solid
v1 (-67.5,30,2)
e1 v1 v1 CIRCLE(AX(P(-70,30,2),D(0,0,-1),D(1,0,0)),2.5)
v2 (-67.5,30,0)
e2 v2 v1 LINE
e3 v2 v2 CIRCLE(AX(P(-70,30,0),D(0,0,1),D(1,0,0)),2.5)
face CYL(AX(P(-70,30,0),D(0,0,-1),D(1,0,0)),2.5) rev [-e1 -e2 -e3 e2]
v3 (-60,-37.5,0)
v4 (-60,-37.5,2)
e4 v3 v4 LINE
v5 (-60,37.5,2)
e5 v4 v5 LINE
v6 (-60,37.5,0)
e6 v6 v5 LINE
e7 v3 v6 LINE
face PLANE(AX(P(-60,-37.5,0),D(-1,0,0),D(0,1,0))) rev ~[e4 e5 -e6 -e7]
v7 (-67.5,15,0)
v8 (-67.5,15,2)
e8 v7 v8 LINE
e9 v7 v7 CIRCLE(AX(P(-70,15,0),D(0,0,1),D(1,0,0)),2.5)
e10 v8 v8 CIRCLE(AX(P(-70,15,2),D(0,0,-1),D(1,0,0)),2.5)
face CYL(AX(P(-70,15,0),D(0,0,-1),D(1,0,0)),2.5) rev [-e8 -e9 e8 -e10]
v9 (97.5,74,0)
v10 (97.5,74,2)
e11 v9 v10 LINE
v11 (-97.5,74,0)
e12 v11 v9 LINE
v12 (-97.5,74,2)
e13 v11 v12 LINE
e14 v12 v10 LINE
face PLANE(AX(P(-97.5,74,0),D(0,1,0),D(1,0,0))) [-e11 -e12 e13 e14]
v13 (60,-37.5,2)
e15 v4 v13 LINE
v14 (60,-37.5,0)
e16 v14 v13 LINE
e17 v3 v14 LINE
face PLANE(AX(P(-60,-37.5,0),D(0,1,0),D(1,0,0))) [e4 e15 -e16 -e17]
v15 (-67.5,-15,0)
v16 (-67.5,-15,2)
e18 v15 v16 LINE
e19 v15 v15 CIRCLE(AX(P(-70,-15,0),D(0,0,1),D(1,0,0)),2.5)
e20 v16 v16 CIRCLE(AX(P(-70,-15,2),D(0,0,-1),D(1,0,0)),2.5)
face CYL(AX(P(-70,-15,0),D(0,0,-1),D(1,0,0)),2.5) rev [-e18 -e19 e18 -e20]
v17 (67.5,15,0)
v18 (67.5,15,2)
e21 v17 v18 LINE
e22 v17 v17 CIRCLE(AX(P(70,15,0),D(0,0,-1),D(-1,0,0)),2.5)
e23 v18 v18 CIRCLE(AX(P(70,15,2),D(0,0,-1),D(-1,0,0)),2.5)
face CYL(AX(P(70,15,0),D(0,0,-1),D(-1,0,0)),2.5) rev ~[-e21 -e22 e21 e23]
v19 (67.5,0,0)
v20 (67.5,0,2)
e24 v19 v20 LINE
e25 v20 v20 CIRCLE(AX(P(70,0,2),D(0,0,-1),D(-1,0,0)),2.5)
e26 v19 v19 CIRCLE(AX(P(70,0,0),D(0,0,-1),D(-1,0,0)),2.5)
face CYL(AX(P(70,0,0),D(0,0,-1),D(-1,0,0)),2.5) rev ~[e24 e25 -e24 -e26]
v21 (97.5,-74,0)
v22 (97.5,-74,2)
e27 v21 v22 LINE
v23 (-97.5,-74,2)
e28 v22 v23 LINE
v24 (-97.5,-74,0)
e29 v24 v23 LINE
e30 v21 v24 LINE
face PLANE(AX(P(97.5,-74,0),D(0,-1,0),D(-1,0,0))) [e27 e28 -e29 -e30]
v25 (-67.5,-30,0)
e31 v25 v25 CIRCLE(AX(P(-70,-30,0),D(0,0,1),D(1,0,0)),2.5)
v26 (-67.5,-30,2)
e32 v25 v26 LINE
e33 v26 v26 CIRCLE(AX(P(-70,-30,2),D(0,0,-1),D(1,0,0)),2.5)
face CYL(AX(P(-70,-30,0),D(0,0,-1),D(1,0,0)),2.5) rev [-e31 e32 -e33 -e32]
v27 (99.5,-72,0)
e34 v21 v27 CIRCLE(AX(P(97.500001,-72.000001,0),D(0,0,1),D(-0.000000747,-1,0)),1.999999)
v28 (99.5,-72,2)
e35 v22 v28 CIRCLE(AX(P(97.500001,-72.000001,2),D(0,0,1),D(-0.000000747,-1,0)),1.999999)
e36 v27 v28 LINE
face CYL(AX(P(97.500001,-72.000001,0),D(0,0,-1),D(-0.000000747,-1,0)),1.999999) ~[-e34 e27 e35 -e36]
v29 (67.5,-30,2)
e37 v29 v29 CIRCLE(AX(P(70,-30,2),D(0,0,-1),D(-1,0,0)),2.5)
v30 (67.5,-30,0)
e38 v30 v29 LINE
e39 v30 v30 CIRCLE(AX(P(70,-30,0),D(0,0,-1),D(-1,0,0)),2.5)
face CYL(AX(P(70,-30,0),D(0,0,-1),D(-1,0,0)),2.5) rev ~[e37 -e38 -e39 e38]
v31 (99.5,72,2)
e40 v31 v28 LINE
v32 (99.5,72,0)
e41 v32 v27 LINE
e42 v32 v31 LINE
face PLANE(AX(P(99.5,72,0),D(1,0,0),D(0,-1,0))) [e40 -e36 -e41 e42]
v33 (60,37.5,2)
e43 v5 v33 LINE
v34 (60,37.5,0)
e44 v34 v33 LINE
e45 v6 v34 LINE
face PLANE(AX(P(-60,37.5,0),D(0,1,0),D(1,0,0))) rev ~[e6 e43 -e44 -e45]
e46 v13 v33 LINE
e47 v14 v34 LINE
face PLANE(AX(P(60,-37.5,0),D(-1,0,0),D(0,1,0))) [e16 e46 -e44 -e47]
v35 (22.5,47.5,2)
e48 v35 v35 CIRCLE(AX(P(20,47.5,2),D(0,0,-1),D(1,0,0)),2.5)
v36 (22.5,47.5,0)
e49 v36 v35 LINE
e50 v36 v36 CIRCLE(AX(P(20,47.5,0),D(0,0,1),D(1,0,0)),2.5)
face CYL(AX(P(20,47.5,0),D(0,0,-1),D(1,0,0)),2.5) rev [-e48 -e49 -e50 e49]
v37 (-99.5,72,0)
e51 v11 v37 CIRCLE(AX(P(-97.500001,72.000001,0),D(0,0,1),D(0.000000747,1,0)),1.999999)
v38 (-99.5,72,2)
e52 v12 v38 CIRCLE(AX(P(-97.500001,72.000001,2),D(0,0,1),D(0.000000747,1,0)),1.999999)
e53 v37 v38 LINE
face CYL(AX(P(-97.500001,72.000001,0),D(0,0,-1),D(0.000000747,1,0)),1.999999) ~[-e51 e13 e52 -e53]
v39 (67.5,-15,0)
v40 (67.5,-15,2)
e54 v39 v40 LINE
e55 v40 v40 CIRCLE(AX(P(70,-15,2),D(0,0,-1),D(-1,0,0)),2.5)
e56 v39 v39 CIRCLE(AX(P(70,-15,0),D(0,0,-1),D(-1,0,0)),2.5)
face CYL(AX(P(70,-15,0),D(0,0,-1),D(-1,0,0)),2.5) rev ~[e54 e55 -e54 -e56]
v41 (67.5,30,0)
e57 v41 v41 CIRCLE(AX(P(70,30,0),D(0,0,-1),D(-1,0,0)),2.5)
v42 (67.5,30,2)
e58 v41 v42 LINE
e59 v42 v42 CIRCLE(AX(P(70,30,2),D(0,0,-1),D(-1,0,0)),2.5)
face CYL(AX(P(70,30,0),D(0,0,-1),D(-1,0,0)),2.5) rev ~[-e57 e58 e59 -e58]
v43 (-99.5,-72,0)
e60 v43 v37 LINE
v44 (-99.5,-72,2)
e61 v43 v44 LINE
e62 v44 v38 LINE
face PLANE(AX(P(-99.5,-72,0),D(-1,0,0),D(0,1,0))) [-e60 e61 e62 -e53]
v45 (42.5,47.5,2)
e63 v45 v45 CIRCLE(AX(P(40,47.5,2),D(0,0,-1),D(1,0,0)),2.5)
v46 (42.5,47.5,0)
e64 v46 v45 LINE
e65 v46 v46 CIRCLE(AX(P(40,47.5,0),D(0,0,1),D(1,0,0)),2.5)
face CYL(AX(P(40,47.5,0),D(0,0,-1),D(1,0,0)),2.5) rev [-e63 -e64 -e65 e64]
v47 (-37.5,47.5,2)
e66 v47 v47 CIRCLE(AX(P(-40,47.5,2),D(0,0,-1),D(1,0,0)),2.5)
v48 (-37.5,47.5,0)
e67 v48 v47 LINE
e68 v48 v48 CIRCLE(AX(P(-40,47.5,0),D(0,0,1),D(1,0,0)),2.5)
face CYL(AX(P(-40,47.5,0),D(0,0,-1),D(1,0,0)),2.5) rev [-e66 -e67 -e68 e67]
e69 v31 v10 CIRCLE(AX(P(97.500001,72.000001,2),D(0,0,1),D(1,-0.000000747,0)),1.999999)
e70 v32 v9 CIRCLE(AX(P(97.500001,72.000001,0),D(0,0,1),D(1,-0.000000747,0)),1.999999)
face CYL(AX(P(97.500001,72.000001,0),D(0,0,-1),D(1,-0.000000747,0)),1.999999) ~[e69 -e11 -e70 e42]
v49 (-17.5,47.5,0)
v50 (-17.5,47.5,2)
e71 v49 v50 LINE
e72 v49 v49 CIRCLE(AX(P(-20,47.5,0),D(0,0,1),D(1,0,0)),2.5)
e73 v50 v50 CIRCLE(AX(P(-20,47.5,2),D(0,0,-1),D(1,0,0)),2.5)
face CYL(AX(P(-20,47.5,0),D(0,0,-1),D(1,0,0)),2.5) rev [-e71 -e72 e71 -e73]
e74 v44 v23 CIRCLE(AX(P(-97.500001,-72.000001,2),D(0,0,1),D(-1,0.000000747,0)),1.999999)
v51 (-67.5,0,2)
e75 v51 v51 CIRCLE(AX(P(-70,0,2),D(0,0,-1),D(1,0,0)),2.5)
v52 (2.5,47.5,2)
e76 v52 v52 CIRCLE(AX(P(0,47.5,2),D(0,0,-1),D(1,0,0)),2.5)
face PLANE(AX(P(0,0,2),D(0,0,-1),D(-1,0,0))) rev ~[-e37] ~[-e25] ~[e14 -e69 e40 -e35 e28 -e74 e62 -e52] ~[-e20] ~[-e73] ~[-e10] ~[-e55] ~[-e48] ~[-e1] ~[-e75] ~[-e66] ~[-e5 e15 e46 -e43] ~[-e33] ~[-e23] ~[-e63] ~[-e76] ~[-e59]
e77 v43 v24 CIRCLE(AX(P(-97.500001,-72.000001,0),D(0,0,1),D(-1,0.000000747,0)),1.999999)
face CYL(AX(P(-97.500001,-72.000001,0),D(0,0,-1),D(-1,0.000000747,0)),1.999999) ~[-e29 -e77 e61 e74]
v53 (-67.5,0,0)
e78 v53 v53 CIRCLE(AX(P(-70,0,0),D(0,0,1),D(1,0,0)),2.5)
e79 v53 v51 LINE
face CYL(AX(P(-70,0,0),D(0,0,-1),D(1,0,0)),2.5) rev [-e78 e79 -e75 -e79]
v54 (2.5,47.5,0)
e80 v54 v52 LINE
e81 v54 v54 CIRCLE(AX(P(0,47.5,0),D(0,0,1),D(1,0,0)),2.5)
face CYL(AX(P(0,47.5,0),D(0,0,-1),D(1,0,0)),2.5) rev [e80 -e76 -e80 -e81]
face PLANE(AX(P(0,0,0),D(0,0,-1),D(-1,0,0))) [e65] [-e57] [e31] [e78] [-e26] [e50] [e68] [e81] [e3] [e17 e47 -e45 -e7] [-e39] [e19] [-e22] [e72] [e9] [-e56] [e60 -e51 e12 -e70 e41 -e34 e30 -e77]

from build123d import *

# Parameters (mm, degrees)
PAD_DEPTH       = 2
SKETCH001_W     = 120
SKETCH001_H     = 75
POCKET_DEPTH    = 7
SKETCH002_R     = 2.5
POCKET001_DEPTH = 7
SKETCH003_R     = 2.5
POCKET002_DEPTH = 7


with BuildPart() as part:
    # Sketch → Pad (new body)
    with BuildSketch(Plane.XY):
        with BuildLine():
            Line((-97.5, 74), (97.5, 74))
            ThreePointArc((99.5, 72), (98.914214, 73.414214), (97.5, 74))
            Line((99.5, 72), (99.5, -72))
            ThreePointArc((97.5, -74), (98.914214, -73.414214), (99.5, -72))
            Line((97.5, -74), (-97.5, -74))
            ThreePointArc((-99.5, -72), (-98.914214, -73.414214), (-97.5, -74))
            Line((-99.5, -72), (-99.5, 72))
            ThreePointArc((-97.5, 74), (-98.914214, 73.414214), (-99.5, 72))
        make_face()
    extrude(amount=PAD_DEPTH)

    # Sketch001 → Pocket (cut)
    with BuildSketch(Plane.XY):
        Rectangle(SKETCH001_W, SKETCH001_H)
    extrude(amount=POCKET_DEPTH, mode=Mode.SUBTRACT)

    # Sketch002 → Pocket001 (cut)
    with BuildSketch(Plane.XY):
        with Locations((0, 47.5)):
            Circle(SKETCH002_R)
        with Locations((-40, 47.5)):
            Circle(SKETCH002_R)
        with Locations((-20, 47.5)):
            Circle(SKETCH002_R)
        with Locations((20, 47.5)):
            Circle(SKETCH002_R)
        with Locations((40, 47.5)):
            Circle(SKETCH002_R)
    extrude(amount=POCKET001_DEPTH, mode=Mode.SUBTRACT)

    # Sketch003 → Pocket002 (cut)
    with BuildSketch(Plane.XY):
        with Locations((-70, 0)):
            Circle(SKETCH003_R)
        with Locations((-70, 15)):
            Circle(SKETCH003_R)
        with Locations((-70, 30)):
            Circle(SKETCH003_R)
        with Locations((-70, -15)):
            Circle(SKETCH003_R)
        with Locations((-70, -30)):
            Circle(SKETCH003_R)
    pocket002 = extrude(amount=POCKET002_DEPTH, mode=Mode.SUBTRACT)

    # Mirrored: Pocket002 across Sketch003 V_Axis
    add(pocket002.mirror(Plane(origin=(0, 0, 0), x_dir=(0, 0, 1), z_dir=(1, 0, 0))), mode=Mode.SUBTRACT)


solid = part.part
